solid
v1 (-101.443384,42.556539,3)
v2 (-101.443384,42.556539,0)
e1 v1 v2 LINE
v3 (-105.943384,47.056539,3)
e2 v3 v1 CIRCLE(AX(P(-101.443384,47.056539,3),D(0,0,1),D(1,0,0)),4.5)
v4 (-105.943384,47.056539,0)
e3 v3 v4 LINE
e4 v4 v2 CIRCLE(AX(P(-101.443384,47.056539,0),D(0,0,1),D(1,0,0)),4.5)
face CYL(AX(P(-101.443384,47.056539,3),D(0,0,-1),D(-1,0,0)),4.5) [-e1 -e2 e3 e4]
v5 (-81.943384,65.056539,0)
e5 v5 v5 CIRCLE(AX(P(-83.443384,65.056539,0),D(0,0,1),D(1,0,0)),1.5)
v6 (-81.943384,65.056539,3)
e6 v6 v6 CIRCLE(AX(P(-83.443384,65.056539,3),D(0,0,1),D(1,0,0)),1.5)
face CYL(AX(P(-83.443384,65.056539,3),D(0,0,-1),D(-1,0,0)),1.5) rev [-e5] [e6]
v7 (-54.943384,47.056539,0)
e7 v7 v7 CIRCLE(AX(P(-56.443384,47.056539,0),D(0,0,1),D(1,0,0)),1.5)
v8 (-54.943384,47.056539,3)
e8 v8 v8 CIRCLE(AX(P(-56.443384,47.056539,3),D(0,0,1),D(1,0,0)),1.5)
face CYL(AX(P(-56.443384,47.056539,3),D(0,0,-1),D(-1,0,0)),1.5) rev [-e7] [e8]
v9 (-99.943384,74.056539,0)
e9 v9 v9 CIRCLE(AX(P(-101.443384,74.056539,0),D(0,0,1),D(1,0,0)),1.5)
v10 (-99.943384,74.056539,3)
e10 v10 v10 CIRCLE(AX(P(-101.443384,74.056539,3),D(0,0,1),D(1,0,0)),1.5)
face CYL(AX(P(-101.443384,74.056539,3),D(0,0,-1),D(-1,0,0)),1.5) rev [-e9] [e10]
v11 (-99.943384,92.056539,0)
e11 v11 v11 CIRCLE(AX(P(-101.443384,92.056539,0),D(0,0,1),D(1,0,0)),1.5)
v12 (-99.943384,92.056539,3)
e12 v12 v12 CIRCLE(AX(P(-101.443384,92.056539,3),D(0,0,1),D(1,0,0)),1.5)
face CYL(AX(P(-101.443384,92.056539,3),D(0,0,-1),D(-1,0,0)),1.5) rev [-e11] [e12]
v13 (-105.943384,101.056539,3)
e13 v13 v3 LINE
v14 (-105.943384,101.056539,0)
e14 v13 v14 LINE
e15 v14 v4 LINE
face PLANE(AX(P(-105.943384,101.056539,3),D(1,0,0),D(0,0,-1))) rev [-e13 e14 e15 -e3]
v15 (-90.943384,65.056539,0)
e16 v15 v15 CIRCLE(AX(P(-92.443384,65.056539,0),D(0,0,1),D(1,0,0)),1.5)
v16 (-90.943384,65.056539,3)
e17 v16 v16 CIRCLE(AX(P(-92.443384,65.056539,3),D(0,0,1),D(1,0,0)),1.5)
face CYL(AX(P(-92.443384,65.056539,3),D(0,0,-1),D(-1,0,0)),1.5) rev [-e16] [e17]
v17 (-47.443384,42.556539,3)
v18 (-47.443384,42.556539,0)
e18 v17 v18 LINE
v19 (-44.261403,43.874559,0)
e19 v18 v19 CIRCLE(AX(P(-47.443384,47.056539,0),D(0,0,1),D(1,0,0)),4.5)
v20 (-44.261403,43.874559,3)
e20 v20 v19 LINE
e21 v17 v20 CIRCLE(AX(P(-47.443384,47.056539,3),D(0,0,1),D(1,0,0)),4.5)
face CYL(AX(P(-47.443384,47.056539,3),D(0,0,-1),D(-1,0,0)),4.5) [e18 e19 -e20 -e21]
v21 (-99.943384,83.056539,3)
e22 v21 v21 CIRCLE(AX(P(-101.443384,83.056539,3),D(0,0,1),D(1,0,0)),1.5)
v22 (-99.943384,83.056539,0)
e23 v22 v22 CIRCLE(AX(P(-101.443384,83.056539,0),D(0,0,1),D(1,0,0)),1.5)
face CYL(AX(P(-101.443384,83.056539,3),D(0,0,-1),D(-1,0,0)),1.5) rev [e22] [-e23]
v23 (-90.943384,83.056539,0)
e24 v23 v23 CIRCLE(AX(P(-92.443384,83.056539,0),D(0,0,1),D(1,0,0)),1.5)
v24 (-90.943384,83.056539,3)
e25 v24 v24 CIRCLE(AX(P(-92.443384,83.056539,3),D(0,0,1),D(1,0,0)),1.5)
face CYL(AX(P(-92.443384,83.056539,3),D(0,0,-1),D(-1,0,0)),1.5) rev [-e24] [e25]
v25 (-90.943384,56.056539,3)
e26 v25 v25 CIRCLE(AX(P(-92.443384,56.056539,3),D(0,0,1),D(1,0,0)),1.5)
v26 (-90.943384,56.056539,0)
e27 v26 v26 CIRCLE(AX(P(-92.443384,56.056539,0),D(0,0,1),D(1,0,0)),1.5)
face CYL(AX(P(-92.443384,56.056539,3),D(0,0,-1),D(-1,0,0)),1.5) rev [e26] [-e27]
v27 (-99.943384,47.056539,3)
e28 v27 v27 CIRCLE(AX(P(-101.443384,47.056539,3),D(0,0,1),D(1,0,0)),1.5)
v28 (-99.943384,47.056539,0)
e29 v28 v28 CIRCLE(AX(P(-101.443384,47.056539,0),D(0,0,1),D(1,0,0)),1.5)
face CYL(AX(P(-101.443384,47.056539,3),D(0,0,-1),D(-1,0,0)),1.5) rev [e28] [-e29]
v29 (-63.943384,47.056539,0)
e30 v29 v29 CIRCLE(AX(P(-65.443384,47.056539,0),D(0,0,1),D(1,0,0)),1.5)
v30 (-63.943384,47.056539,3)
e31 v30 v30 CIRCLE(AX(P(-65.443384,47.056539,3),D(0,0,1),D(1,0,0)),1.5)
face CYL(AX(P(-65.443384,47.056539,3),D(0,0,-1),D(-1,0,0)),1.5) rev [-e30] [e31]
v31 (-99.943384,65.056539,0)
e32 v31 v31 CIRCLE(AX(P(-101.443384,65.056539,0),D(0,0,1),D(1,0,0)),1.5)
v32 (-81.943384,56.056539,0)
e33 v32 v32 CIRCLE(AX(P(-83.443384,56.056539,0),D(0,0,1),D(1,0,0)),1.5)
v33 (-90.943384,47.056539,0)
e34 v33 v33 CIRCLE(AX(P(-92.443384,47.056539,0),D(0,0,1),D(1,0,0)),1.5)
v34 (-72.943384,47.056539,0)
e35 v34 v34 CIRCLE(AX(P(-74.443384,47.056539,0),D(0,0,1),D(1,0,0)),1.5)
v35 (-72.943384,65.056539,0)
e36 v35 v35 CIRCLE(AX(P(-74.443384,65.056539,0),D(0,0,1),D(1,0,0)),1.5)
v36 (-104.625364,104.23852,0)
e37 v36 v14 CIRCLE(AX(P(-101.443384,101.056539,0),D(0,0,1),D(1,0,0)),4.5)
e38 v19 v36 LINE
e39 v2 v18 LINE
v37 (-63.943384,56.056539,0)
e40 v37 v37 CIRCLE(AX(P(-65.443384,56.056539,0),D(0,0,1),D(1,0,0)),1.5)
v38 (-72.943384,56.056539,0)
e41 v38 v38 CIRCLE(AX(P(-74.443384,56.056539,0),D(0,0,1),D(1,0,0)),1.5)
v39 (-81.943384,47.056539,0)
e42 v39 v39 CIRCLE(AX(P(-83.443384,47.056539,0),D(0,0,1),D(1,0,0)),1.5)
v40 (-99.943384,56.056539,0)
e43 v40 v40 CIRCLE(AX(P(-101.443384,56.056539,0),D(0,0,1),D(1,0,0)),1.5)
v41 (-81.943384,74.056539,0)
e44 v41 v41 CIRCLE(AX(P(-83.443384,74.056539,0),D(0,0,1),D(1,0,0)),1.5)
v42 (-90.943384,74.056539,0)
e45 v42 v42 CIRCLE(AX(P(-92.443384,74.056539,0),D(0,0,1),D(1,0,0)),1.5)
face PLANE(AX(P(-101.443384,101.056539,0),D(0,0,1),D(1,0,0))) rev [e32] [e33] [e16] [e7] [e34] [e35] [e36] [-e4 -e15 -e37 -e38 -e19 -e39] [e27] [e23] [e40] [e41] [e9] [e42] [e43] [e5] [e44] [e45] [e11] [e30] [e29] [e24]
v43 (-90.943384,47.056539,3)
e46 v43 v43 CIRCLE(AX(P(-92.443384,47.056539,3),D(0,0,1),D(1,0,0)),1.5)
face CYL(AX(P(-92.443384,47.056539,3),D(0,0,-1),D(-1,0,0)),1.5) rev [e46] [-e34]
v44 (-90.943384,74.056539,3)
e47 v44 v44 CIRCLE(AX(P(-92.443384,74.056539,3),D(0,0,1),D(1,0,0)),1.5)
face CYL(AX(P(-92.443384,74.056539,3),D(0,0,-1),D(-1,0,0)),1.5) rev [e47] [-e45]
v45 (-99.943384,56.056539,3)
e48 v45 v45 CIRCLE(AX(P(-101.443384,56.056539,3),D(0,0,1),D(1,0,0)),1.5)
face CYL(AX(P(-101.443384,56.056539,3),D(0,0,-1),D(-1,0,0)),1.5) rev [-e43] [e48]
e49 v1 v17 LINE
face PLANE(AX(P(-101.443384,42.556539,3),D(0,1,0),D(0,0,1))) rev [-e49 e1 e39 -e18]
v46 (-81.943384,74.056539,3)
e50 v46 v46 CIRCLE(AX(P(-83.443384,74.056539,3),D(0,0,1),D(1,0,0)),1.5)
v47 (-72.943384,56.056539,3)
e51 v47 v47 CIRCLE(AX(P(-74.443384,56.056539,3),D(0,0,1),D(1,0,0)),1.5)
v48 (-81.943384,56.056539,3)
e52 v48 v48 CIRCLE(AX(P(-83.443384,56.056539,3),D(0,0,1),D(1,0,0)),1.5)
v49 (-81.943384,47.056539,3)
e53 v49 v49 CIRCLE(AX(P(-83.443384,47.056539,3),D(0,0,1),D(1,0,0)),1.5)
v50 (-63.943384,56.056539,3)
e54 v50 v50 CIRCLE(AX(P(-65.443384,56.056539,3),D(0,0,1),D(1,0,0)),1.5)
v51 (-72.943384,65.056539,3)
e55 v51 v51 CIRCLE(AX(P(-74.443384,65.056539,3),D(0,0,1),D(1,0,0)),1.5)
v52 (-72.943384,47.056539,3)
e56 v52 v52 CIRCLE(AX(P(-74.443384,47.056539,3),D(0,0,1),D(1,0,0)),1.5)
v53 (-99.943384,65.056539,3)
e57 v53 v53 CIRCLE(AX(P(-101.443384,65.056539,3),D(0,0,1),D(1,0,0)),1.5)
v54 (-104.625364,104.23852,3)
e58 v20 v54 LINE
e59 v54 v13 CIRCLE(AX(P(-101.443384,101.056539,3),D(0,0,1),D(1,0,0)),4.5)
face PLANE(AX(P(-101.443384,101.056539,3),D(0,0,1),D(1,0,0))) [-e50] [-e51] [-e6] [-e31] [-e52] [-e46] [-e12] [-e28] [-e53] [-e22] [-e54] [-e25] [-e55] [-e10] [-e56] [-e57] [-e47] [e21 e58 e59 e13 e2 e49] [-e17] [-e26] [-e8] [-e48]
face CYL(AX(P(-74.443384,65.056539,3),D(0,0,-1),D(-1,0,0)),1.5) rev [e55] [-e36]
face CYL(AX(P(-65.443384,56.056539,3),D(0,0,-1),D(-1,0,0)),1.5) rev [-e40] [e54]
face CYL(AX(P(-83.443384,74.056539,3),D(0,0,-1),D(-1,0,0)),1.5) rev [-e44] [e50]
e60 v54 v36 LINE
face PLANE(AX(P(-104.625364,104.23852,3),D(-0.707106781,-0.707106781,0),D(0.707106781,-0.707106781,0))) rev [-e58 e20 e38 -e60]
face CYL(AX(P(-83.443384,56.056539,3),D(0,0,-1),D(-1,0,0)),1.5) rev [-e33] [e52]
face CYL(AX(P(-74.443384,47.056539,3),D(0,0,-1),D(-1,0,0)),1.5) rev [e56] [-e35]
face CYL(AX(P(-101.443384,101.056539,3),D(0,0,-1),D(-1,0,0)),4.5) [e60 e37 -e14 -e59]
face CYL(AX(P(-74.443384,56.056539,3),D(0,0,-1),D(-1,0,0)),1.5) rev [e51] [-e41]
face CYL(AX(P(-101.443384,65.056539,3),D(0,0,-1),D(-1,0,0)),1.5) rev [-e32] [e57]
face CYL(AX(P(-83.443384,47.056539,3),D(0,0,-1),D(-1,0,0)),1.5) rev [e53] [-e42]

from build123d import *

# Parameters (mm, degrees)
MODEL_R                 = 1.5
SALIENTE_EXTRUIR1_DEPTH = 3


with BuildPart() as part:
    # Model → Saliente-Extruir1 (new body)
    with BuildSketch(Plane.XY):
        with BuildLine():
            Line((-105.943383637, 101.056539338), (-105.943383637, 47.056539338))
            ThreePointArc((-105.943383637, 47.056539338), (-104.625364152, 43.874558823), (-101.443383637, 42.556539338))
            Line((-101.443383637, 42.556539338), (-47.443383637, 42.556539338))
            ThreePointArc((-47.443383637, 42.556539338), (-45.721308191, 42.899081442), (-44.261403122, 43.874558823))
            Line((-44.261403122, 43.874558823), (-104.625364152, 104.238519853))
            ThreePointArc((-104.625364152, 104.238519853), (-105.600841533, 102.778614784), (-105.943383637, 101.056539338))
        make_face()
        with Locations((-101.443383637, 92.056539338)):
            Circle(MODEL_R, mode=Mode.SUBTRACT)
        with Locations((-101.443383637, 83.056539338)):
            Circle(MODEL_R, mode=Mode.SUBTRACT)
        with Locations((-92.443383637, 83.056539338)):
            Circle(MODEL_R, mode=Mode.SUBTRACT)
        with Locations((-101.443383637, 74.056539338)):
            Circle(MODEL_R, mode=Mode.SUBTRACT)
        with Locations((-92.443383637, 74.056539338)):
            Circle(MODEL_R, mode=Mode.SUBTRACT)
        with Locations((-83.443383637, 74.056539338)):
            Circle(MODEL_R, mode=Mode.SUBTRACT)
        with Locations((-101.443383637, 65.056539338)):
            Circle(MODEL_R, mode=Mode.SUBTRACT)
        with Locations((-92.443383637, 65.056539338)):
            Circle(MODEL_R, mode=Mode.SUBTRACT)
        with Locations((-83.443383637, 65.056539338)):
            Circle(MODEL_R, mode=Mode.SUBTRACT)
        with Locations((-74.443383637, 65.056539338)):
            Circle(MODEL_R, mode=Mode.SUBTRACT)
        with Locations((-101.443383637, 56.056539338)):
            Circle(MODEL_R, mode=Mode.SUBTRACT)
        with Locations((-92.443383637, 56.056539338)):
            Circle(MODEL_R, mode=Mode.SUBTRACT)
        with Locations((-83.443383637, 56.056539338)):
            Circle(MODEL_R, mode=Mode.SUBTRACT)
        with Locations((-74.443383637, 56.056539338)):
            Circle(MODEL_R, mode=Mode.SUBTRACT)
        with Locations((-65.443383637, 56.056539338)):
            Circle(MODEL_R, mode=Mode.SUBTRACT)
        with Locations((-101.443383637, 47.056539338)):
            Circle(MODEL_R, mode=Mode.SUBTRACT)
        with Locations((-92.443383637, 47.056539338)):
            Circle(MODEL_R, mode=Mode.SUBTRACT)
        with Locations((-83.443383637, 47.056539338)):
            Circle(MODEL_R, mode=Mode.SUBTRACT)
        with Locations((-74.443383637, 47.056539338)):
            Circle(MODEL_R, mode=Mode.SUBTRACT)
        with Locations((-65.443383637, 47.056539338)):
            Circle(MODEL_R, mode=Mode.SUBTRACT)
        with Locations((-56.443383637, 47.056539338)):
            Circle(MODEL_R, mode=Mode.SUBTRACT)
    extrude(amount=SALIENTE_EXTRUIR1_DEPTH)


solid = part.part
